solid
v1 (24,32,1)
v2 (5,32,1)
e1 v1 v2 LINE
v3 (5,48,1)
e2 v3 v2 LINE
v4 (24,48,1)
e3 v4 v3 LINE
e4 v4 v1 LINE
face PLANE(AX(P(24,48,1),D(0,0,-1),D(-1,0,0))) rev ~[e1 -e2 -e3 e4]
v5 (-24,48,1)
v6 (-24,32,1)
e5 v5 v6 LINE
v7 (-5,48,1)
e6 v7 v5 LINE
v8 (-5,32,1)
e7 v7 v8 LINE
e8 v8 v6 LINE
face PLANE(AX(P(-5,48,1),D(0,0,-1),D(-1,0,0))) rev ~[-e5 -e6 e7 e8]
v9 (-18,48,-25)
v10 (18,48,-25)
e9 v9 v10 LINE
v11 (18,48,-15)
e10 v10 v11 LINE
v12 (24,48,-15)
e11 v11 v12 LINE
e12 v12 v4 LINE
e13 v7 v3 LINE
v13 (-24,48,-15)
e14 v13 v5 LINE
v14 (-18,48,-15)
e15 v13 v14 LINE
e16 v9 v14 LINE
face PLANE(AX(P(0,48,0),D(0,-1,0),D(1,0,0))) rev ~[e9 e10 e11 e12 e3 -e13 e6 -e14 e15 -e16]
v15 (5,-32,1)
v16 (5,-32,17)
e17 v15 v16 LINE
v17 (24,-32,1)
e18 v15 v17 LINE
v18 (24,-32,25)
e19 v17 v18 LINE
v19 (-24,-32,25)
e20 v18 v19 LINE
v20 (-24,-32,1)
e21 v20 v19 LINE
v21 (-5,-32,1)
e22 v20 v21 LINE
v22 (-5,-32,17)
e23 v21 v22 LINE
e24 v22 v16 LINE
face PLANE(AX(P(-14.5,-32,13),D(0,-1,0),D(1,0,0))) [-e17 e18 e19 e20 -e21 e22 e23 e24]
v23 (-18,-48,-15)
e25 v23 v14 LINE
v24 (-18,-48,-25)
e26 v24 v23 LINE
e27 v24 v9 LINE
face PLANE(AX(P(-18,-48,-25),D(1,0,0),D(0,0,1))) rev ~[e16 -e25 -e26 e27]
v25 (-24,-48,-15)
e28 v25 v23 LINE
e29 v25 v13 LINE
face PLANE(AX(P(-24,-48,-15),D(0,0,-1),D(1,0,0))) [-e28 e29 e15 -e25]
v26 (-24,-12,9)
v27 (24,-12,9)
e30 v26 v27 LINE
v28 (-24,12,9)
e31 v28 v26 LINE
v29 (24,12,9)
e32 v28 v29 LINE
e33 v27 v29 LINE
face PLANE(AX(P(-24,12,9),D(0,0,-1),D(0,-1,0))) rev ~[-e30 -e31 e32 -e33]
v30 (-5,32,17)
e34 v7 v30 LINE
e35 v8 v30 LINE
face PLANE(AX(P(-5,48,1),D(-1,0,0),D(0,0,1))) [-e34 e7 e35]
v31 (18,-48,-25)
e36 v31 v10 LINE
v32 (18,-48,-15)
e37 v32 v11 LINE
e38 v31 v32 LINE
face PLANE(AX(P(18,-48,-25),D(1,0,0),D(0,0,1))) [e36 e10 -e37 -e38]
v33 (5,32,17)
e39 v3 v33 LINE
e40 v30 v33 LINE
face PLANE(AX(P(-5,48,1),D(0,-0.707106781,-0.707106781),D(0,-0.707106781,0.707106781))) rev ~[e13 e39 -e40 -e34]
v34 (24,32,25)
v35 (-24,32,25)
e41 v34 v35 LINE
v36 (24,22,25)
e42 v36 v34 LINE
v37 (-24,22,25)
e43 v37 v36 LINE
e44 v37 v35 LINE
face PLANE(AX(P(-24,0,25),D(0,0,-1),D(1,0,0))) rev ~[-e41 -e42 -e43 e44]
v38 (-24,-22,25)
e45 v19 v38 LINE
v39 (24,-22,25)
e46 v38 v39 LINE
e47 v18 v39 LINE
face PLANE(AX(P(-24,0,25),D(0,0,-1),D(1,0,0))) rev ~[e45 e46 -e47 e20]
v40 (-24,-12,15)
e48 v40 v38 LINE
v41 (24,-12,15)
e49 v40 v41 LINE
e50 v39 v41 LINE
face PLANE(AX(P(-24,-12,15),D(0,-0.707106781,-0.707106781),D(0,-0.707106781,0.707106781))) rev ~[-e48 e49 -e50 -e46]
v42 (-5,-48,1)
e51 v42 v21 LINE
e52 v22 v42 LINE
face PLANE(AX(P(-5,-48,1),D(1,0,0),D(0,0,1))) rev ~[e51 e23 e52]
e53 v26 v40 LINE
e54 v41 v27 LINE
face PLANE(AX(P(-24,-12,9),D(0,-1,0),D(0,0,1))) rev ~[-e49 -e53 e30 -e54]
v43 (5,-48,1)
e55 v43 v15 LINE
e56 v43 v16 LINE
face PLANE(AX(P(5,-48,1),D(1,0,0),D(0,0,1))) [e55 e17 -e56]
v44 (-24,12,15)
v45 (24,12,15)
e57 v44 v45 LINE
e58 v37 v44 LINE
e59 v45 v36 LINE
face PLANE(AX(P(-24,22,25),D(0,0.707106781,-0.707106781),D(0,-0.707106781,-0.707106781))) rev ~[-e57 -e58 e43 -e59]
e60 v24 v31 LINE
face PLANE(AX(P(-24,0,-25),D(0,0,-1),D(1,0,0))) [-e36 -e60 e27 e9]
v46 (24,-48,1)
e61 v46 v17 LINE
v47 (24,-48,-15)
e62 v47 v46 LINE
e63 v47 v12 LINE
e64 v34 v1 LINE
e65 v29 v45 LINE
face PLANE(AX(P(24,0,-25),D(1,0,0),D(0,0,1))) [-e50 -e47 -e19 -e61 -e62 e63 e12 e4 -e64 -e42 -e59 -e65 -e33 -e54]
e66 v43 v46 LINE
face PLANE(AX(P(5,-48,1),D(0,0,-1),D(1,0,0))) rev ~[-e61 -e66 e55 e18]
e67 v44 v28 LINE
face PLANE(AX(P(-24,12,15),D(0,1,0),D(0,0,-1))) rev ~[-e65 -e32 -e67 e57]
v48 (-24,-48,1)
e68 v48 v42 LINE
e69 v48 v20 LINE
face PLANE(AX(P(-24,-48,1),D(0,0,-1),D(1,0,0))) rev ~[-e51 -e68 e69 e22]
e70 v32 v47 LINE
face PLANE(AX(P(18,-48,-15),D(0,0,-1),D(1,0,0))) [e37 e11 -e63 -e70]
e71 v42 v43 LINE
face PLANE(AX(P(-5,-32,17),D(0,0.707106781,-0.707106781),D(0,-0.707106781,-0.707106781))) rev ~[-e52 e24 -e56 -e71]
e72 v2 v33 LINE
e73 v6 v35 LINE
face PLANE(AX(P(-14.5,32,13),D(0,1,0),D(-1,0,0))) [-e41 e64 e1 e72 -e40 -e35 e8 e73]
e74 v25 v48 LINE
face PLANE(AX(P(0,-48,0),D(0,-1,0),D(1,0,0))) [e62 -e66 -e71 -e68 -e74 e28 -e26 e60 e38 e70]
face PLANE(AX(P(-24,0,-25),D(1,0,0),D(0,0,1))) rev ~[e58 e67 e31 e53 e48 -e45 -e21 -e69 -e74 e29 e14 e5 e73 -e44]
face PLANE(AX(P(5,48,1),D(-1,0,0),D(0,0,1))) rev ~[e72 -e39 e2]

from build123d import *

# Parameters (mm, degrees)
F0_W      = 48
F0_H      = 50
F1_DEPTH  = 48
F2_W      = 6
F2_H      = 10
F3_DEPTH  = 96.001
F4_W      = 19
F4_H      = 24
F5_DEPTH  = 16
F7_DEPTH  = 29.001
F9_DEPTH  = 48.001
F10_W     = 19
F10_H     = 24
F11_DEPTH = 16
F13_DEPTH = 29.001


with BuildPart() as f1:
    # F0 (on Front) → F1 (new body, symmetric)
    with BuildSketch(Plane.XZ):
        Rectangle(F0_W, F0_H)
    extrude(amount=F1_DEPTH, both=True)

    # F2 (on face) → F3 (cut, through all)
    with BuildSketch(Plane.XZ.offset(48)):
        with Locations((-21, -20)):
            Rectangle(F2_W, F2_H)
        with Locations((21, -20)):
            Rectangle(F2_W, F2_H)
    extrude(amount=-F3_DEPTH, mode=Mode.SUBTRACT)

    # F4 (on face) → F5 (cut)
    with BuildSketch(Plane.XZ.offset(48)):
        with Locations((-14.5, 13)):
            Rectangle(F4_W, F4_H)
        with Locations((14.5, 13)):
            Rectangle(F4_W, F4_H)
    extrude(amount=-F5_DEPTH, mode=Mode.SUBTRACT)

    # F6 (on face) → F7 (cut, through all)
    with BuildSketch(Plane(origin=(-5, 0, 0), x_dir=(0, -1, 0), z_dir=(-1, 0, 0))):
        Polygon((32, 17), (48, 1), (48, 25), (32, 25), align=None)
    extrude(amount=-F7_DEPTH, mode=Mode.SUBTRACT)

    # F8 (on face) → F9 (cut, through all)
    with BuildSketch(Plane(origin=(-24, 0, 0), x_dir=(0, -1, 0), z_dir=(-1, 0, 0))):
        Polygon((12, 15), (22, 25), (-22, 25), (-12, 15), (-12, 9), (12, 9), align=None)
    extrude(amount=-F9_DEPTH, mode=Mode.SUBTRACT)

    # F10 (on face) → F11 (cut)
    with BuildSketch(Plane(origin=(0, 48, 0), x_dir=(-1, 0, 0), z_dir=(0, 1, 0))):
        with Locations((-14.5, 13)):
            Rectangle(F10_W, F10_H)
        with Locations((14.5, 13)):
            Rectangle(F10_W, F10_H)
    extrude(amount=-F11_DEPTH, mode=Mode.SUBTRACT)

    # F12 (on face) → F13 (cut, through all)
    with BuildSketch(Plane(origin=(-5, 0, 0), x_dir=(0, -1, 0), z_dir=(-1, 0, 0))):
        Polygon((-48, 1), (-32, 17), (-32, 25), (-48, 25), align=None)
    extrude(amount=-F13_DEPTH, mode=Mode.SUBTRACT)


solid = f1.part
